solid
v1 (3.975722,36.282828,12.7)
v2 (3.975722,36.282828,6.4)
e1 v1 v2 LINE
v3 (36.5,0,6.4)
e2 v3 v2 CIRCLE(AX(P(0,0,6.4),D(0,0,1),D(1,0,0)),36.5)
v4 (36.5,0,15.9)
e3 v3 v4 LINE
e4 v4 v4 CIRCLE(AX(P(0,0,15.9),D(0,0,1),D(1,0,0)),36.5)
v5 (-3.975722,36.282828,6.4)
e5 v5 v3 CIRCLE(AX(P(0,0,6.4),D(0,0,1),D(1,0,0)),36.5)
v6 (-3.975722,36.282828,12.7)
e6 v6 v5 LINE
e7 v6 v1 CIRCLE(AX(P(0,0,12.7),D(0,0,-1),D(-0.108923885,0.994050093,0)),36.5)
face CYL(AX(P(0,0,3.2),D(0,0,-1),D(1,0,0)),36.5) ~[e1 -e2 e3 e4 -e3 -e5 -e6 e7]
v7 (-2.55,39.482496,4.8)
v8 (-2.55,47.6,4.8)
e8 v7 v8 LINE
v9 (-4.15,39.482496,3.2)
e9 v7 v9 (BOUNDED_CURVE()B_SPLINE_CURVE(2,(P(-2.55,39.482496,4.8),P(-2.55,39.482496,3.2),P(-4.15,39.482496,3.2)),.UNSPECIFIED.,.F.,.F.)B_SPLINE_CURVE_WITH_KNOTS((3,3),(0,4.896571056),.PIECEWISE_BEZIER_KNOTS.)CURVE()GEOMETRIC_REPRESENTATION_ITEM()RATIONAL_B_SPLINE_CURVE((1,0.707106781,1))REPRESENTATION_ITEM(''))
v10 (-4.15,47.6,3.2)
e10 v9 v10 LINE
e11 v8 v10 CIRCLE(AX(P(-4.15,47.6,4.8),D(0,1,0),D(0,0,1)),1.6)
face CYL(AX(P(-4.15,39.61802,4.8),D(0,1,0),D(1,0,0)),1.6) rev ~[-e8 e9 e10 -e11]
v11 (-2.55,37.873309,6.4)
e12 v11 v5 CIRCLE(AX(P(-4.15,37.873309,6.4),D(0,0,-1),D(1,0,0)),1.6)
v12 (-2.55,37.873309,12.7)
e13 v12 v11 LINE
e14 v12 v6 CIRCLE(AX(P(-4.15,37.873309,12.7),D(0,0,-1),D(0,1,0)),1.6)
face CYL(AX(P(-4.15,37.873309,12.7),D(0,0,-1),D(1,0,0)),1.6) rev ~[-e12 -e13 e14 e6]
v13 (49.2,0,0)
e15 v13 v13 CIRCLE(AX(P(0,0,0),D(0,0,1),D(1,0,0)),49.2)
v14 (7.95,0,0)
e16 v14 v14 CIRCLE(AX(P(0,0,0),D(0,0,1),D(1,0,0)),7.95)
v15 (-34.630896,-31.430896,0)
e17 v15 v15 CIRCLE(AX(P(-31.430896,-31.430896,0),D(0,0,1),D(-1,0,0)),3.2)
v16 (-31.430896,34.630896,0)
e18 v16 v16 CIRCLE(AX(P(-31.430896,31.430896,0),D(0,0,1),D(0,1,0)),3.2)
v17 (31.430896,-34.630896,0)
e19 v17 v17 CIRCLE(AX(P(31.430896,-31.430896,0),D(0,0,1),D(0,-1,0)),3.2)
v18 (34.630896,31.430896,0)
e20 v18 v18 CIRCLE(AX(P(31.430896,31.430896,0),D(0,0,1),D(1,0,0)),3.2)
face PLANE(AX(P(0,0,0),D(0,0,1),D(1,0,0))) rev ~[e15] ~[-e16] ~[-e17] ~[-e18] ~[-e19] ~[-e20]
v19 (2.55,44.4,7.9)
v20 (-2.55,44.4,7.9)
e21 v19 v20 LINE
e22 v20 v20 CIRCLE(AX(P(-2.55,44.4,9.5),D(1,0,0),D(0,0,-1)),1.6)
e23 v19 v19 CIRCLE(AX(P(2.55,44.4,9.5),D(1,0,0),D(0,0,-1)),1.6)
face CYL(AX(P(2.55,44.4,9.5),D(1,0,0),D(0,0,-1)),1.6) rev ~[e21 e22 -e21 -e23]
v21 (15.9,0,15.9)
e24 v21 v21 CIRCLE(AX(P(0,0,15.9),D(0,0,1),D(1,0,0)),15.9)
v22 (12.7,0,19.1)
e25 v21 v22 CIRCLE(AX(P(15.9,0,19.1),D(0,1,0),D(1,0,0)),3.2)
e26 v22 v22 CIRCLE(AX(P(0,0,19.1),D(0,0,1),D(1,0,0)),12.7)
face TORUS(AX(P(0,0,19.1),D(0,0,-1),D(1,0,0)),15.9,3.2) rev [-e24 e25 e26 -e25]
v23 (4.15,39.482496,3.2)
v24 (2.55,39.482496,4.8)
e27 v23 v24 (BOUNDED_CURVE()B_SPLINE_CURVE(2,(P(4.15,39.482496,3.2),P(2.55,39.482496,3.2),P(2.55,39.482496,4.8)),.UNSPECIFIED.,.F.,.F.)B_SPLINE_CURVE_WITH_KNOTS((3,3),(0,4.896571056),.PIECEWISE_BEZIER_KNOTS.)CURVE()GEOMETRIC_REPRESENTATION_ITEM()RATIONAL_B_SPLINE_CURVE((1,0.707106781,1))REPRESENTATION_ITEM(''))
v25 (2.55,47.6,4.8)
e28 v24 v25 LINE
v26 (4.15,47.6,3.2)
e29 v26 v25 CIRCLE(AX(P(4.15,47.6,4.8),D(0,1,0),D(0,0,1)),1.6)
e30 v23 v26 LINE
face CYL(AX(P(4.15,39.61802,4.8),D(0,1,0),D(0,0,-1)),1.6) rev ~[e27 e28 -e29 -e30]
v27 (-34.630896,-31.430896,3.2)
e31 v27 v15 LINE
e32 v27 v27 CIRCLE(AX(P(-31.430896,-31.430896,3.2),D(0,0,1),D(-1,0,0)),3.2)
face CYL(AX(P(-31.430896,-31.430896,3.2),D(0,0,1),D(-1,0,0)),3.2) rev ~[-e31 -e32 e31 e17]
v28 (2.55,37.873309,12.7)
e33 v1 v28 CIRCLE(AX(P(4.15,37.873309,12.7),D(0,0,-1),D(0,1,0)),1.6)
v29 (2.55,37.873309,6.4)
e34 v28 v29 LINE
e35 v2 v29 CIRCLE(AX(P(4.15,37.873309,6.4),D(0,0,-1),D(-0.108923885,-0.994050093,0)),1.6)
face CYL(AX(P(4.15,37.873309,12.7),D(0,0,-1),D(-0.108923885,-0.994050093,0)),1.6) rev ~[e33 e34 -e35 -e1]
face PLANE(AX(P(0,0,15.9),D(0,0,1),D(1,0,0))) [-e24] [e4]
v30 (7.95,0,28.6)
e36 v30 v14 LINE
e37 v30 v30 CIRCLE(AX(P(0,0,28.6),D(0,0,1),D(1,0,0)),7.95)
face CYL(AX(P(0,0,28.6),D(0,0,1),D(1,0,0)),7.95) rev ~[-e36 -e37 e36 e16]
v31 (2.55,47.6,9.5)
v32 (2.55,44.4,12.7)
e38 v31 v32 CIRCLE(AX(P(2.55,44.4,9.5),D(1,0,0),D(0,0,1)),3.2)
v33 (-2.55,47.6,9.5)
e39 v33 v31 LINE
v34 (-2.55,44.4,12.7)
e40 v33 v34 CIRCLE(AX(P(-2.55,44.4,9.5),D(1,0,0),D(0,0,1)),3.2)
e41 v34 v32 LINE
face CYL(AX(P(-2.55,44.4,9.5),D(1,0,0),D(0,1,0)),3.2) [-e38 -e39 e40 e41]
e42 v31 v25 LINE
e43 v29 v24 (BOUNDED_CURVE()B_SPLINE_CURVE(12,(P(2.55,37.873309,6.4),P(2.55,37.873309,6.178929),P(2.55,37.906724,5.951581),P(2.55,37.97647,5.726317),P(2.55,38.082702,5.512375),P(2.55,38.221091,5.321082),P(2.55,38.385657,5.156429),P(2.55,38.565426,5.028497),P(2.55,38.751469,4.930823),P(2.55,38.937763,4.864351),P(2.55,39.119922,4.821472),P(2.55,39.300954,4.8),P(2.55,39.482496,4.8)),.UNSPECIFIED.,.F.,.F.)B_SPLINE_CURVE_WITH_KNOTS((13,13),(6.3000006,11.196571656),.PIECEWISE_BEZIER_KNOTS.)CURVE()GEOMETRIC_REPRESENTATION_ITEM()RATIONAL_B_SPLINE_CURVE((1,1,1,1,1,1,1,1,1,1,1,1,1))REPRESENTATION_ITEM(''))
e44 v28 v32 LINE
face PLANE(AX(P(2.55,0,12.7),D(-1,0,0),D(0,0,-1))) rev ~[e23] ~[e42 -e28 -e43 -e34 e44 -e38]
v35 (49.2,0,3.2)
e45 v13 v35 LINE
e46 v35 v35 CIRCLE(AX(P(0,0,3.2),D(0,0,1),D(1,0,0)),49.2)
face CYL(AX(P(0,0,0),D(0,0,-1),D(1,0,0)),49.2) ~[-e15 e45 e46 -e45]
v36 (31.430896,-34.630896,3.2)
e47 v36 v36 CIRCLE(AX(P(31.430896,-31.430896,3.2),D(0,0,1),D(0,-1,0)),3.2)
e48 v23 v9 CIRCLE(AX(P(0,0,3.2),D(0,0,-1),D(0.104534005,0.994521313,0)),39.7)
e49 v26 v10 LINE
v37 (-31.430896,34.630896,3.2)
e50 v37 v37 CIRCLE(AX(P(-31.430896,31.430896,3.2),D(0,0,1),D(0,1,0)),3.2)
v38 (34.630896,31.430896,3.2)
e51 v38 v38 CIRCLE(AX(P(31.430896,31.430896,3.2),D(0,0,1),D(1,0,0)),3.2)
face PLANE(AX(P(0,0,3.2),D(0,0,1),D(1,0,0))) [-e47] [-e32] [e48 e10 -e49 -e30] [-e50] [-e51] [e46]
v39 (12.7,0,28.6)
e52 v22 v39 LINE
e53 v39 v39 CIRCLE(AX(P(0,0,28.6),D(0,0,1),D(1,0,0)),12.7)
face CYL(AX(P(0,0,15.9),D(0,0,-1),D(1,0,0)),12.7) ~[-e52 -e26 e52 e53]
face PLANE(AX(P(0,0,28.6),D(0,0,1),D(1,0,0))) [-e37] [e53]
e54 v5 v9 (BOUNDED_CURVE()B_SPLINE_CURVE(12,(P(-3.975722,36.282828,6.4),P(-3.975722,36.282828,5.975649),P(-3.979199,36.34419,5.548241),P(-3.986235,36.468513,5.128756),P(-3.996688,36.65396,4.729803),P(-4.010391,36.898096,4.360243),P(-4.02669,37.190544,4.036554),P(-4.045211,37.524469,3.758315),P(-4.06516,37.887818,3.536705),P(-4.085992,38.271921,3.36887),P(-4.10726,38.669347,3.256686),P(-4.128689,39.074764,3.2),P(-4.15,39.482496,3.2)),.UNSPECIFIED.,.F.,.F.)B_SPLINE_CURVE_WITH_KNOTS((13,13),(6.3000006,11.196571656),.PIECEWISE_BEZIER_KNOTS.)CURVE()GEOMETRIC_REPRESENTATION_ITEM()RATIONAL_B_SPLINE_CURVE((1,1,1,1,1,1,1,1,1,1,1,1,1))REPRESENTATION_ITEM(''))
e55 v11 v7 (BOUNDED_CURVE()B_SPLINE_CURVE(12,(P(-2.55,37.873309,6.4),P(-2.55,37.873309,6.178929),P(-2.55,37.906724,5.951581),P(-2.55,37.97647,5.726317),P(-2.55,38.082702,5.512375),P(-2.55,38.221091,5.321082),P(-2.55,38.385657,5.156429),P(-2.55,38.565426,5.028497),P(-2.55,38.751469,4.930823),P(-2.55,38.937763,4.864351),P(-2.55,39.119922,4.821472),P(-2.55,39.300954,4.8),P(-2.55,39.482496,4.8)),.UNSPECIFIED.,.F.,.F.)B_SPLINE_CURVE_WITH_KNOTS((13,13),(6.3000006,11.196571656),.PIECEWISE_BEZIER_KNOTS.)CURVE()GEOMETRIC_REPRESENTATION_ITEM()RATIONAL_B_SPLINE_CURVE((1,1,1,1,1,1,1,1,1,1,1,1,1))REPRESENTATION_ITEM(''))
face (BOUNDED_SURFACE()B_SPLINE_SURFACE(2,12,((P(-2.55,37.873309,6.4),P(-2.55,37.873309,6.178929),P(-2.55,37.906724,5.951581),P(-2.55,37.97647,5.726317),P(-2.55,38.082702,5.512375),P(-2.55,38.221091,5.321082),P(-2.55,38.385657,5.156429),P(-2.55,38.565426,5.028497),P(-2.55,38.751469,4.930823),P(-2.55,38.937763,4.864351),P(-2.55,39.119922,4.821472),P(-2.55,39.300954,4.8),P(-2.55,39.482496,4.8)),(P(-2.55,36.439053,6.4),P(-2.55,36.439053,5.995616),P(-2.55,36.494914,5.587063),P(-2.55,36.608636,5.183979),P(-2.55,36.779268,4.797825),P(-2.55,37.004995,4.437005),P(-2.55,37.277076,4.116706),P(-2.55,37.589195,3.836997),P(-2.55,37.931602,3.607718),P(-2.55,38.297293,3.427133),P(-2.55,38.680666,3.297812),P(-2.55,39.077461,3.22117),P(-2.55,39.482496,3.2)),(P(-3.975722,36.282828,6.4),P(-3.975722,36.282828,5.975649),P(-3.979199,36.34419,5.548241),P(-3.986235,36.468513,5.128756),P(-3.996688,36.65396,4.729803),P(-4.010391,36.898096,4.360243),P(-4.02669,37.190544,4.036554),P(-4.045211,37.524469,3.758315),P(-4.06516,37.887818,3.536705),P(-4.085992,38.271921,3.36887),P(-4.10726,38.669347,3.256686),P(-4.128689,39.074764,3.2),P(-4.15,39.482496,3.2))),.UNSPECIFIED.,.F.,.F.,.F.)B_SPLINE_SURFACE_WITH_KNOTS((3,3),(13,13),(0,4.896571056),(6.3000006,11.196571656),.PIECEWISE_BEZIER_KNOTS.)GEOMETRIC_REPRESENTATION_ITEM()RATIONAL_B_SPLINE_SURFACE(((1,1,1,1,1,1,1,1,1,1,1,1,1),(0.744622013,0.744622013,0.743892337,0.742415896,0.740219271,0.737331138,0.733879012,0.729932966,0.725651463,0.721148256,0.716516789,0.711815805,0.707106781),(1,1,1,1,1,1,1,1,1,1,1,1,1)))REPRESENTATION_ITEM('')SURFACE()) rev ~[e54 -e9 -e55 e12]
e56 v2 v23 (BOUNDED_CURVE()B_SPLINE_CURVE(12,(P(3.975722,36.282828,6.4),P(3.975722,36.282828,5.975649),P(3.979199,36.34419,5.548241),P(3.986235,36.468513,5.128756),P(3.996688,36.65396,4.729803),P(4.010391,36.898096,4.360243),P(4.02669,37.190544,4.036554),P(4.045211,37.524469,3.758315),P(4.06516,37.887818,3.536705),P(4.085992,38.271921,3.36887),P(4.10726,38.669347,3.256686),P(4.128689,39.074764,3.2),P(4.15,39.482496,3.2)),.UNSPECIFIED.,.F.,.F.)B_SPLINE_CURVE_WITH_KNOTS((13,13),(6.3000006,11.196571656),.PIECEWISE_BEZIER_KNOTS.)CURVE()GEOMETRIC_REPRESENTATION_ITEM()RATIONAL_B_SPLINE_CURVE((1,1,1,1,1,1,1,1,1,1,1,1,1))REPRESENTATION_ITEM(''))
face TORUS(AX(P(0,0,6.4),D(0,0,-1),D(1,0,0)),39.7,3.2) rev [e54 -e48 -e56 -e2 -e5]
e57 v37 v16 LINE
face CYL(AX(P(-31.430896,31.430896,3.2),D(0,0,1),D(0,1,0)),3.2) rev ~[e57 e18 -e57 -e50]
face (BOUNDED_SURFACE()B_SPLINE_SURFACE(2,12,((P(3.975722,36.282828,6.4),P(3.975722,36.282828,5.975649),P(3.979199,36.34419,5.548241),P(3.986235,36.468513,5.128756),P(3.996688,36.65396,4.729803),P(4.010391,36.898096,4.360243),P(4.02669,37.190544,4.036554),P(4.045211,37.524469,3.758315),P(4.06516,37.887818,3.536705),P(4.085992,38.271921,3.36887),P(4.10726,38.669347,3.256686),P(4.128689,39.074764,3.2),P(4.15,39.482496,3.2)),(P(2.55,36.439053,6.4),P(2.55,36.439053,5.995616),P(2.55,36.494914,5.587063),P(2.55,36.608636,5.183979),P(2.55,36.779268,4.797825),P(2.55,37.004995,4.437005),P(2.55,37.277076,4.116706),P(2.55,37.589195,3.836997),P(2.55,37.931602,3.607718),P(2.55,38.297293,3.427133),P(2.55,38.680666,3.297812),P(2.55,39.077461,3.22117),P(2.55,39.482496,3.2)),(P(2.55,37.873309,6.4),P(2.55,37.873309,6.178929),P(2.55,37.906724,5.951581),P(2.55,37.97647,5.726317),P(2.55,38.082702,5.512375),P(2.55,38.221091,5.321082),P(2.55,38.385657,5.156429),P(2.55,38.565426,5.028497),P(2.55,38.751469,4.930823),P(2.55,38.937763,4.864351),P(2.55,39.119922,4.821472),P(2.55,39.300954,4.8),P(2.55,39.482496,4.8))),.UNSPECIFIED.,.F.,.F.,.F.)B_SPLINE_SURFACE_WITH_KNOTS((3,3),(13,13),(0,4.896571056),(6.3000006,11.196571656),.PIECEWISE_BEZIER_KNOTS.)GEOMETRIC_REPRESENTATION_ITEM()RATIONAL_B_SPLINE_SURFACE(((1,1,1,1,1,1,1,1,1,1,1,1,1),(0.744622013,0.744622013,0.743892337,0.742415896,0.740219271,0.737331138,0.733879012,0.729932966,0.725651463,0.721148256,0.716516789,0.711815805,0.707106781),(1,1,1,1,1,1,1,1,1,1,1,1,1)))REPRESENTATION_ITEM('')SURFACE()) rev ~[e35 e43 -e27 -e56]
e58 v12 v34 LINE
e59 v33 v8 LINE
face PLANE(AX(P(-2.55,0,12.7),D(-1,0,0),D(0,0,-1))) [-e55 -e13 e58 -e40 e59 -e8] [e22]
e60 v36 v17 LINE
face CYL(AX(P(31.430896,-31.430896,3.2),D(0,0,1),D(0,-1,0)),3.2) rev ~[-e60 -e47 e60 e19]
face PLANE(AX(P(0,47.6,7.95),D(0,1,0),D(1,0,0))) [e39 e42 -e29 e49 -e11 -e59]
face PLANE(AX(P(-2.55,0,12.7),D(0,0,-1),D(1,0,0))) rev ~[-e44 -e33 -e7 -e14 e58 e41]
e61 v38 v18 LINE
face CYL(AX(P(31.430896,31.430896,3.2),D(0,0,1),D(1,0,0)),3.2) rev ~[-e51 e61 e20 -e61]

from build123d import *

# Parameters (mm, degrees)
SKETCH1_R           = 49.2
BASE_EXTRUDE_DEPTH  = 3.2
SKETCH5_R           = 3.2
CUT_EXTRUDE2_DEPTH  = 70.652853495
CIRPATTERN1_COUNT   = 4
SKETCH2_R           = 36.5
BOSS_EXTRUDE1_DEPTH = 12.7
SKETCH3_R           = 12.7
BOSS_EXTRUDE2_DEPTH = 12.7
FILLET1_R           = 3.2
SKETCH6_W           = 5.1
SKETCH6_H           = 9.5
BOSS_EXTRUDE3_DEPTH = 47.6
SKETCH4_R           = 7.95
CUT_EXTRUDE1_DEPTH  = 76.227920349
FILLET2_R           = 3.2
CUT_EXTRUDE3_REACH  = 78.92
SKETCH7_R           = 1.6
FILLET3_R           = 1.6


with BuildPart() as part:
    # Sketch1 → Base-Extrude (new body)
    with BuildSketch(Plane.XY):
        Circle(SKETCH1_R)
    extrude(amount=BASE_EXTRUDE_DEPTH)

    # Sketch5 → Cut-Extrude2 (cut, through all)
    with BuildSketch(Plane.XY.offset(3.2)):
        with Locations((31.430896424, 31.430896424)):
            Circle(SKETCH5_R)
    cut_extrude2 = extrude(amount=-CUT_EXTRUDE2_DEPTH, mode=Mode.SUBTRACT)

    # CirPattern1: Cut-Extrude2 ×4 about axis
    cirpattern1_axis = Axis((0, 0, 0), (0, 0, 1))
    for i in range(1, CIRPATTERN1_COUNT):
        add(cut_extrude2.rotate(cirpattern1_axis, i * 360 / CIRPATTERN1_COUNT), mode=Mode.SUBTRACT)

    # Sketch2 → Boss-Extrude1 (add)
    with BuildSketch(Plane.XY.offset(3.2)):
        Circle(SKETCH2_R)
    extrude(amount=BOSS_EXTRUDE1_DEPTH)

    # Sketch3 → Boss-Extrude2 (add)
    with BuildSketch(Plane.XY.offset(15.9)):
        Circle(SKETCH3_R)
    extrude(amount=BOSS_EXTRUDE2_DEPTH)

    # Fillet1
    fillet1_edges = [part.edges().sort_by_distance(p)[0] for p in [
        (-36.5, 0, 3.2),
        (-12.7, 0, 15.9),
    ]]
    fillet(fillet1_edges, radius=FILLET1_R)

    # Sketch6 → Boss-Extrude3 (add)
    with BuildSketch(Plane(origin=(0, 0, 0), x_dir=(1, 0, 0), z_dir=(0, 1, 0))):
        with Locations((0, -7.95)):
            Rectangle(SKETCH6_W, SKETCH6_H)
    extrude(amount=BOSS_EXTRUDE3_DEPTH)

    # Sketch4 → Cut-Extrude1 (cut, through all)
    with BuildSketch(Plane.XY.offset(28.6)):
        Circle(SKETCH4_R)
    extrude(amount=-CUT_EXTRUDE1_DEPTH, mode=Mode.SUBTRACT)

    # Fillet2
    fillet2_edges = [part.edges().sort_by_distance(p)[0] for p in [
        (0, 47.6, 12.7),
    ]]
    fillet(fillet2_edges, radius=FILLET2_R)

    # Sketch7 → Cut-Extrude3 (cut, up to next)
    with BuildSketch(Plane(origin=(2.55, 0, 0), x_dir=(0, 0, -1), z_dir=(1, 0, 0)), mode=Mode.PRIVATE) as cut_extrude3_sk1:
        with Locations((-9.5, 44.4)):
            Circle(SKETCH7_R)
    cut_extrude3_tool1 = extrude(cut_extrude3_sk1.sketch, amount=-CUT_EXTRUDE3_REACH, mode=Mode.PRIVATE) & part.part
    add(cut_extrude3_tool1.solids().sort_by_distance((2.55, 44.4, 9.5))[0], mode=Mode.SUBTRACT)

    # Fillet3
    fillet3_edges = [part.edges().sort_by_distance(p)[0] for p in [
        (2.55, 43.609009945, 3.2),
        (-2.55, 36.410815701, 9.5499997),
        (-2.55, 43.609009945, 3.2),
        (2.55, 36.410815701, 9.5499997),
    ]]
    fillet(fillet3_edges, radius=FILLET3_R)


solid = part.part
